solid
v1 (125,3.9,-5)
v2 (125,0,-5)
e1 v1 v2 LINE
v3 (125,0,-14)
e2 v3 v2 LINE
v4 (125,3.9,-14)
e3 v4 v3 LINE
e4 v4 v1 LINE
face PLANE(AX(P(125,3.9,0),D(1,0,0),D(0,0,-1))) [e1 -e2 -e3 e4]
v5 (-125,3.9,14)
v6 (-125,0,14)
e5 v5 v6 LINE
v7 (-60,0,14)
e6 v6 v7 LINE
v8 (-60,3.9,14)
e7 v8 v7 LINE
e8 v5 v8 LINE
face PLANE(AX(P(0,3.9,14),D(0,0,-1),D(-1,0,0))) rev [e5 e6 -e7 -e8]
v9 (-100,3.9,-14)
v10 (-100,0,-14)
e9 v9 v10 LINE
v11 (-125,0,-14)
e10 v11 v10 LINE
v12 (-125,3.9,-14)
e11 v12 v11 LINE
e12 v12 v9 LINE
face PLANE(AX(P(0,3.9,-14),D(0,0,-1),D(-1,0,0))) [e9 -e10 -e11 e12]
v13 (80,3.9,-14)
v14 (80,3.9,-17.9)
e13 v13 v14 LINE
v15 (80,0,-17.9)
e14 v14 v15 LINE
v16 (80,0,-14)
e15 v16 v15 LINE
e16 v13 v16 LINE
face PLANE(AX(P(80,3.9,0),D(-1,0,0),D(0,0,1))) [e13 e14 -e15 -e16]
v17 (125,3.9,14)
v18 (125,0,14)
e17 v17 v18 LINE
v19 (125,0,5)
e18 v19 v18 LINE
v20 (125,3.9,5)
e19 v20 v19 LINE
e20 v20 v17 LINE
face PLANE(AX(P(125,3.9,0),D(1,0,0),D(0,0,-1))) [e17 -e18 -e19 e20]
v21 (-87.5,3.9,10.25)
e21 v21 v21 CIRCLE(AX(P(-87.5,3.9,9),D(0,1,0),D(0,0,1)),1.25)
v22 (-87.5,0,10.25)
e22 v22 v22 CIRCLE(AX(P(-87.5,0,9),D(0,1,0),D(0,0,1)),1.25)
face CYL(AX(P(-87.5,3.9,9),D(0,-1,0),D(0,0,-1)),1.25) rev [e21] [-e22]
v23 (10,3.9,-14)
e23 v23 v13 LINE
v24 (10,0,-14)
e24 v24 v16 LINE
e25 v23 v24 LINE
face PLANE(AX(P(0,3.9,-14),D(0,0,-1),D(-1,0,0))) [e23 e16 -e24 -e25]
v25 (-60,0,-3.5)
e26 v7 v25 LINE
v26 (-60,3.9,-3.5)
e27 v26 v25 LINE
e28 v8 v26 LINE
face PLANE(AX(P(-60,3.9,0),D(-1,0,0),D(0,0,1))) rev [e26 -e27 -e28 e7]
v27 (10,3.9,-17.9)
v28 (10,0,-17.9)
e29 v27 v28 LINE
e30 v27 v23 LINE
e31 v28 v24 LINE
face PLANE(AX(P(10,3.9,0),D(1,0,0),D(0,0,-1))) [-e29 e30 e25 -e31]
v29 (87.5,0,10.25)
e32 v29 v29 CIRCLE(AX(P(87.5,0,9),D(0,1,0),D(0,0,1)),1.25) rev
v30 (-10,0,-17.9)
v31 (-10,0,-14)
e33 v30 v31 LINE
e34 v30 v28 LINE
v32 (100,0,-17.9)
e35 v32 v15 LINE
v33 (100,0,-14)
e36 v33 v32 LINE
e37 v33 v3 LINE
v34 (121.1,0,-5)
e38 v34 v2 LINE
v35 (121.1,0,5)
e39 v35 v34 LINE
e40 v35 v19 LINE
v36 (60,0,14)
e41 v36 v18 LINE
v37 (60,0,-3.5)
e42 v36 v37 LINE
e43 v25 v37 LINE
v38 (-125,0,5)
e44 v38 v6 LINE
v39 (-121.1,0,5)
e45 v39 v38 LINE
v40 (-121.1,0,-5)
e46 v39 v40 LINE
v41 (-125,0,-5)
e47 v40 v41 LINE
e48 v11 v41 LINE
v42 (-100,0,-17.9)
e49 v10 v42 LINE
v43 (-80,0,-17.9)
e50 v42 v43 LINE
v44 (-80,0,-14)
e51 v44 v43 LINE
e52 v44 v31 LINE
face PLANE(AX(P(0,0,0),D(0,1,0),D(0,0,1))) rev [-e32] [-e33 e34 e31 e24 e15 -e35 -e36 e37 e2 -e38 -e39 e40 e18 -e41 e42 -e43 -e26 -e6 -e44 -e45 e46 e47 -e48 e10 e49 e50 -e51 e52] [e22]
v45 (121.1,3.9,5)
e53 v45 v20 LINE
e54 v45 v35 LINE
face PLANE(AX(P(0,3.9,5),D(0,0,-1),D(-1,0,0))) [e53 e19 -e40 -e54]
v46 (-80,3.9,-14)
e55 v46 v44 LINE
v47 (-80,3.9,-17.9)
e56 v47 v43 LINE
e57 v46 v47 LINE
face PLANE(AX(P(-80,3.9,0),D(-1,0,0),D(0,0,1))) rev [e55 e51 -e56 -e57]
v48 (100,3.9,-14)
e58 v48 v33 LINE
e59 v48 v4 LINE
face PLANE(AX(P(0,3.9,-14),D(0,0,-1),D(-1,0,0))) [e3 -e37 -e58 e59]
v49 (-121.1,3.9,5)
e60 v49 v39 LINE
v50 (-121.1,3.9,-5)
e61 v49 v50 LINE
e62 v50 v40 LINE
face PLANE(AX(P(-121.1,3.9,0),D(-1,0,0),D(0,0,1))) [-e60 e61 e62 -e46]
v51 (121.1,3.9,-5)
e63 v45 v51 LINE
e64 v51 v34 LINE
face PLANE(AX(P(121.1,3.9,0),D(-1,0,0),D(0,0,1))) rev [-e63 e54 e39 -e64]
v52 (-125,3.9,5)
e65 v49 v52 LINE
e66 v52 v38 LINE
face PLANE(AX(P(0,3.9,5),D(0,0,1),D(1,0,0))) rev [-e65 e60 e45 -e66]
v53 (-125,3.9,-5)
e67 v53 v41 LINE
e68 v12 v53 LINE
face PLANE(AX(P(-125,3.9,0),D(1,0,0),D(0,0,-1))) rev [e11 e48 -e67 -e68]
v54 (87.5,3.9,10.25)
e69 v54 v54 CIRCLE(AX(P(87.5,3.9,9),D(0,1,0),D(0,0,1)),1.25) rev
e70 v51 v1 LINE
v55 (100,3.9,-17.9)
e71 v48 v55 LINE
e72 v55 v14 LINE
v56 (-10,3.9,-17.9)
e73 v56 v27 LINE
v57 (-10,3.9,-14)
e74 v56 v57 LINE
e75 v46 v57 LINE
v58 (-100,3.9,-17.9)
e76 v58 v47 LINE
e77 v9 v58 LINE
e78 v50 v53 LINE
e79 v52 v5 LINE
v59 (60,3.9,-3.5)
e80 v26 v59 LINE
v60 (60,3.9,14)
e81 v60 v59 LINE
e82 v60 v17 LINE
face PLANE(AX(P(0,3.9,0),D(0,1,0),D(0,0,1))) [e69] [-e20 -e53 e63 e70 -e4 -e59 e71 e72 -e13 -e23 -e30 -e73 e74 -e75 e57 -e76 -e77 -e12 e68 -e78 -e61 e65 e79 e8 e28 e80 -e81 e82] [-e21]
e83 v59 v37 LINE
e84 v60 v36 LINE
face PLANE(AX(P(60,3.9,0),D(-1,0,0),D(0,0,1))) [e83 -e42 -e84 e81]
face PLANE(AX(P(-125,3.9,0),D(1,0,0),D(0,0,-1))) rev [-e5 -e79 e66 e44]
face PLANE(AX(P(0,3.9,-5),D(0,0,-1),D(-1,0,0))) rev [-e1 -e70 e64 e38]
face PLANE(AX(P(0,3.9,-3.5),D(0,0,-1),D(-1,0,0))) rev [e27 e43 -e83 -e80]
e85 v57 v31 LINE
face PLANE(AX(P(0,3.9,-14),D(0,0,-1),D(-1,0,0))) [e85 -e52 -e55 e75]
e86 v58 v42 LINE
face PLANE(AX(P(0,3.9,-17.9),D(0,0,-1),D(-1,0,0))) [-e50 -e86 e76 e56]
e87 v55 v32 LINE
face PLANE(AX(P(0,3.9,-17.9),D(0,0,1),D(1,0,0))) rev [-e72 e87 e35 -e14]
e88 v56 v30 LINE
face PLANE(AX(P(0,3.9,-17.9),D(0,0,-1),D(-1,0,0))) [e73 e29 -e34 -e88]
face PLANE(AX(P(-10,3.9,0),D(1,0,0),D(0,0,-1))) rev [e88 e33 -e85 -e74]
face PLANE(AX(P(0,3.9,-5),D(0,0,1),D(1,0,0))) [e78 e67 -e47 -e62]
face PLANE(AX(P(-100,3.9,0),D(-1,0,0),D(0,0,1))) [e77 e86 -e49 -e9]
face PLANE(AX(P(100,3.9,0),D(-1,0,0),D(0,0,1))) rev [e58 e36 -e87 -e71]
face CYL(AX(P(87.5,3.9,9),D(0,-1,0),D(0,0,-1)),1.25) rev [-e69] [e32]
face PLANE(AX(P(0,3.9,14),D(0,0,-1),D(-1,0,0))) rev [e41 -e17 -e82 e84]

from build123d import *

# Parameters (mm, degrees)
SKETCH1_R           = 1.25
BOSS_EXTRUDE1_DEPTH = 3.9


with BuildPart() as part:
    # Sketch1 → Boss-Extrude1 (new body)
    with BuildSketch(Plane(origin=(0, 0, 0), x_dir=(1, 0, 0), z_dir=(0, 1, 0))):
        Polygon((-100, 14), (-125, 14), (-125, 5), (-121.1, 5), (-121.1, -5), (-125, -5), (-125, -14), (-60, -14), (-60, 3.5), (60, 3.5), (60, -14), (125, -14), (125, -5), (121.1, -5), (121.1, 5), (125, 5), (125, 14), (100, 14), (100, 17.9), (80, 17.9), (80, 14), (10, 14), (10, 17.9), (-10, 17.9), (-10, 14), (-80, 14), (-80, 17.9), (-100, 17.9), align=None)
        with Locations((-87.5, -9)):
            Circle(SKETCH1_R, mode=Mode.SUBTRACT)
        with Locations((87.5, -9)):
            Circle(SKETCH1_R, mode=Mode.SUBTRACT)
    extrude(amount=BOSS_EXTRUDE1_DEPTH)


solid = part.part
